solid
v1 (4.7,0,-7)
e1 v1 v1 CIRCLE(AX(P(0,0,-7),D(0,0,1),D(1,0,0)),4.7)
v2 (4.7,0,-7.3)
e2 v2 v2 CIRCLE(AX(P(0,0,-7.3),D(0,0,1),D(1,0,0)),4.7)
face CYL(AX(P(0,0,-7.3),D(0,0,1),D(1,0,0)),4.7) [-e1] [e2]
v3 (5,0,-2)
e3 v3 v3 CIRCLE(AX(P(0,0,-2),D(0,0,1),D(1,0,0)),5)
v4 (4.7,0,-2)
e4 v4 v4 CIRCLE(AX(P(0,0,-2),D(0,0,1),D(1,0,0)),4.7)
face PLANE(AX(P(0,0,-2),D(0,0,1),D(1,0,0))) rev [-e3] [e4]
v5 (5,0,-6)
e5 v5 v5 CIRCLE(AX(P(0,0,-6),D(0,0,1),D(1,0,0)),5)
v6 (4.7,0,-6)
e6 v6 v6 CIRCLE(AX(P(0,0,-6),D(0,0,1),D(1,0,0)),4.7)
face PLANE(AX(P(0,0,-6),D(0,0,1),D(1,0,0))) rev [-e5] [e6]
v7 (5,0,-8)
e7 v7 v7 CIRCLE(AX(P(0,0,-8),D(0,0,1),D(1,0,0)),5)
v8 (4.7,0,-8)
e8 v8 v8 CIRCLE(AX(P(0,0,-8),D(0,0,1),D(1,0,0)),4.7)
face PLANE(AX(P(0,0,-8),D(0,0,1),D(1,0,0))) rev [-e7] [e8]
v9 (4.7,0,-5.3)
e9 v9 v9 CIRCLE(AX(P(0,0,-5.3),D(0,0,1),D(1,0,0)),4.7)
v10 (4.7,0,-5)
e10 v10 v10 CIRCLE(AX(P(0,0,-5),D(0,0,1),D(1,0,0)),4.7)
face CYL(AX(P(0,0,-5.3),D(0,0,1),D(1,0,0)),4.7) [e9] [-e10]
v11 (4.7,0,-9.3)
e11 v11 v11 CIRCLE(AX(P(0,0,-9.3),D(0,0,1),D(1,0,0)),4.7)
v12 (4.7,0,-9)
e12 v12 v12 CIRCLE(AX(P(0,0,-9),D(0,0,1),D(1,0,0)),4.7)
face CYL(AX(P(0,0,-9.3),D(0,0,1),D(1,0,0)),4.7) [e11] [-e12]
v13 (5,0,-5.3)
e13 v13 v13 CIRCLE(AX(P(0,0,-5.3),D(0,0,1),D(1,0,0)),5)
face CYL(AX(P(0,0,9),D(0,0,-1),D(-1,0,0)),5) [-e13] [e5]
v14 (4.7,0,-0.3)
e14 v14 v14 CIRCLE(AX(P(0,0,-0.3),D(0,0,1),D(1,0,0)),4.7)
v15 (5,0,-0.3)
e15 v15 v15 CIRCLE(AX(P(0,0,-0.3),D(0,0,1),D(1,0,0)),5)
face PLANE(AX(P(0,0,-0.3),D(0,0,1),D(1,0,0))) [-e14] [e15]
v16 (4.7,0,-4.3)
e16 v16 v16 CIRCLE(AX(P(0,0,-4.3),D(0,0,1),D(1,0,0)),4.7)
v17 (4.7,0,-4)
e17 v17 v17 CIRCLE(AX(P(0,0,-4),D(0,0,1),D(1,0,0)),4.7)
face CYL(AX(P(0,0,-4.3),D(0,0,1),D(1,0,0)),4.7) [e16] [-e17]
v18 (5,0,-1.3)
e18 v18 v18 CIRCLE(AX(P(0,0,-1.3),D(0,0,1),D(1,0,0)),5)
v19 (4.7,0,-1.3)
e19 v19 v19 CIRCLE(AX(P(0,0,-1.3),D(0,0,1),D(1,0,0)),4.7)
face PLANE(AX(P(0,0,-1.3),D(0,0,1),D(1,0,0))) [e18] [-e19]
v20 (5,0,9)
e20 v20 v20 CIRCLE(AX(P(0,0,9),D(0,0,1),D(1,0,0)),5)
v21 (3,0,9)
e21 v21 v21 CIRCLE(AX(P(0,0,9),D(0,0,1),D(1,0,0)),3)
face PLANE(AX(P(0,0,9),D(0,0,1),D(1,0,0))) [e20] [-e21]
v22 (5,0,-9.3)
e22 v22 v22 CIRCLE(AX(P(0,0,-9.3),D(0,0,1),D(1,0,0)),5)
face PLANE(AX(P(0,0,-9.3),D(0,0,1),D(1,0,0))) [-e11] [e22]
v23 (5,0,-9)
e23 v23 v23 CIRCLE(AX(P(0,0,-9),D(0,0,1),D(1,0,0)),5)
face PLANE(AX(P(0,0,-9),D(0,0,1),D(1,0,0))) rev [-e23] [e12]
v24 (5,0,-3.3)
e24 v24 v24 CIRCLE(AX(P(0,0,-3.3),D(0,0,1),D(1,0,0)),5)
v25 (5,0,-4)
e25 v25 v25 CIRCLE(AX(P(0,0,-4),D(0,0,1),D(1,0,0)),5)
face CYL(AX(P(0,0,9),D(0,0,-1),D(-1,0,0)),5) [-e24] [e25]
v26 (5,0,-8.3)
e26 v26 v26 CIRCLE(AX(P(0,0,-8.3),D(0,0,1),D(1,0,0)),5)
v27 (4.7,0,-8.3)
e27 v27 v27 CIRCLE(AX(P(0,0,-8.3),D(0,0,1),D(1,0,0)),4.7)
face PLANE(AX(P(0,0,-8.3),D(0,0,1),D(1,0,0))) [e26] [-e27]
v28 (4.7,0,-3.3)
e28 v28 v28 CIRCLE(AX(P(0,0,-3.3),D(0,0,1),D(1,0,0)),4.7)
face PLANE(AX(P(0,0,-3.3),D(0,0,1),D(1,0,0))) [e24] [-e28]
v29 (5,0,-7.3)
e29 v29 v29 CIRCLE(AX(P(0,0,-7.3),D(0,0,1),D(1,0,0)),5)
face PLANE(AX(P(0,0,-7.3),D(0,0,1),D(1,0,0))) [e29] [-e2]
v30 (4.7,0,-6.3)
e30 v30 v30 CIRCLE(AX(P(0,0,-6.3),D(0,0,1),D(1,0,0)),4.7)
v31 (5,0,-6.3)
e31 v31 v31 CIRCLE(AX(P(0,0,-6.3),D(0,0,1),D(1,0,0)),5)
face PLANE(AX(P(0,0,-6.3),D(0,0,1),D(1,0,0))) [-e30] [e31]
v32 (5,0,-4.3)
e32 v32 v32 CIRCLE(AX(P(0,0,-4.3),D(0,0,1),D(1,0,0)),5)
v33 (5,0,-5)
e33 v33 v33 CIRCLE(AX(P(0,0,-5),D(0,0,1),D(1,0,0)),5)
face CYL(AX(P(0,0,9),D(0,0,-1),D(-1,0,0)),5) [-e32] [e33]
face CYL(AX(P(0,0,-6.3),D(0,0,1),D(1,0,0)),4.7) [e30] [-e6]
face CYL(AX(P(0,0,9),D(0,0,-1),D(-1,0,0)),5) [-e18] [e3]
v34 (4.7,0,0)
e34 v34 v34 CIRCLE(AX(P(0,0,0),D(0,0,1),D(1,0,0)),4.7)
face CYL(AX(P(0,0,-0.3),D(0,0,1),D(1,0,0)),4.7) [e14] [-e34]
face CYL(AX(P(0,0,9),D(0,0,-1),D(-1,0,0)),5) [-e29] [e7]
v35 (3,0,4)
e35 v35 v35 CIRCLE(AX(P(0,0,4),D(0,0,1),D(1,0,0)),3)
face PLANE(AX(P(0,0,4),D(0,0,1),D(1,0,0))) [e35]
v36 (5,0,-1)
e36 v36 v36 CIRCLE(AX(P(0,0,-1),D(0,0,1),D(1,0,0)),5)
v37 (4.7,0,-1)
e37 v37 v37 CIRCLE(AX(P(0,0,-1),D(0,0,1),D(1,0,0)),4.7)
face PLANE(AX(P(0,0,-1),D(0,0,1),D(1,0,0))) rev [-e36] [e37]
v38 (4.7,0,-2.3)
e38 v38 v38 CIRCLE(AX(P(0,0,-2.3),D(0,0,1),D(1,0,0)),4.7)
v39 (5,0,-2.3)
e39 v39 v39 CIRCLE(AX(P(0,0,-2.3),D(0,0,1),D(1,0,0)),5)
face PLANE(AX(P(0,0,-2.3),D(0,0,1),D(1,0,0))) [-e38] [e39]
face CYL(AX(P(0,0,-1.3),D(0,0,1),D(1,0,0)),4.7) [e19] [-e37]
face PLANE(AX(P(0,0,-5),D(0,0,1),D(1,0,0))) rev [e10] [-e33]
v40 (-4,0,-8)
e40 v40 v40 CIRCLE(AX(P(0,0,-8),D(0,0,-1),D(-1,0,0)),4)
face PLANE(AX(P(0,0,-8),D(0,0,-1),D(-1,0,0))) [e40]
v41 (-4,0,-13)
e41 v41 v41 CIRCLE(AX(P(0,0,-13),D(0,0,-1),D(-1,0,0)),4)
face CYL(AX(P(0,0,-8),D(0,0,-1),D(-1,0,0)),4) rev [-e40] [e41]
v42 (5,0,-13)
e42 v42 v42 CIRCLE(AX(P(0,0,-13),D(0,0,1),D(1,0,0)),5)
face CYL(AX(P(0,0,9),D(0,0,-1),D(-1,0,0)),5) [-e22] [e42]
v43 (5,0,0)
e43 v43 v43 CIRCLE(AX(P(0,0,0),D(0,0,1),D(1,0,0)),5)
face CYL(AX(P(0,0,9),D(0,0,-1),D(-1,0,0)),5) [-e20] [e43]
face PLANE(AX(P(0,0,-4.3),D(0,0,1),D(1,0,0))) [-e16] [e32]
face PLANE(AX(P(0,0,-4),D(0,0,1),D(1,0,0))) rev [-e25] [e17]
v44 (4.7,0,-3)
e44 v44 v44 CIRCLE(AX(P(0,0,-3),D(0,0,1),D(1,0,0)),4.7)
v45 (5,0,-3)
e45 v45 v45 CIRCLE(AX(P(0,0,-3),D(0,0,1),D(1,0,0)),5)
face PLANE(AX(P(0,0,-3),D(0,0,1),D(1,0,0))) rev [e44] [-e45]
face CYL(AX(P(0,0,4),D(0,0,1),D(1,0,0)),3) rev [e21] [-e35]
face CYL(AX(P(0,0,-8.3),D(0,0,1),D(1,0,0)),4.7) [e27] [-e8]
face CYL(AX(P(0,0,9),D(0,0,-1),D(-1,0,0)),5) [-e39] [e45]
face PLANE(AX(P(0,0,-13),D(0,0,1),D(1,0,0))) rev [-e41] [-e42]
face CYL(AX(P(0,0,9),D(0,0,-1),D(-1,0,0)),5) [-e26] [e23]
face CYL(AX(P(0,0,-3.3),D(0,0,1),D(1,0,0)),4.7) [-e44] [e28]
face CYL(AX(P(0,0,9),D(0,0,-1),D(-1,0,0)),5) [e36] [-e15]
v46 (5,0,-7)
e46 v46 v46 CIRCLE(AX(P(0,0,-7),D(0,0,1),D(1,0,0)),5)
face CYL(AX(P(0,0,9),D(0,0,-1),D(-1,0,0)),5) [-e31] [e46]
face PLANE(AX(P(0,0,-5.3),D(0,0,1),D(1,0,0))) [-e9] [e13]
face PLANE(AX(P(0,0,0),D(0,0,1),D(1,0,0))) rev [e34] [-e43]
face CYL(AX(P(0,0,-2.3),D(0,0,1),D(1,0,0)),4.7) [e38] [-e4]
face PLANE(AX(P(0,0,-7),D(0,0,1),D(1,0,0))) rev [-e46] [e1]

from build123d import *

# Parameters (mm, degrees)
SKETCH1_R                = 5
BOSS_EXTRUDE1_DEPTH      = 9
BOSS_EXTRUDE1_DEPTH_BACK = 13
SKETCH2_R                = 3
CUT_EXTRUDE1_DEPTH       = 5
SKETCH3_R                = 4
CUT_EXTRUDE2_DEPTH       = 5
SKETCH5_R                = 5
SKETCH5_R_2              = 4.7
CUT_EXTRUDE3_DEPTH       = 0.3
LPATTERN1_COUNT          = 10
LPATTERN1_PITCH          = 1


with BuildPart() as part:
    # Sketch1 → Boss-Extrude1 (new body, two sides)
    with BuildSketch(Plane.XY) as boss_extrude1_sk:
        Circle(SKETCH1_R)
    extrude(amount=BOSS_EXTRUDE1_DEPTH)
    extrude(boss_extrude1_sk.sketch, amount=-BOSS_EXTRUDE1_DEPTH_BACK)

    # Sketch2 → Cut-Extrude1 (cut)
    with BuildSketch(Plane.XY.offset(9)):
        Circle(SKETCH2_R)
    extrude(amount=-CUT_EXTRUDE1_DEPTH, mode=Mode.SUBTRACT)

    # Sketch3 → Cut-Extrude2 (cut)
    with BuildSketch(Plane(origin=(0, 0, -13), x_dir=(-1, 0, 0), z_dir=(0, 0, -1))):
        Circle(SKETCH3_R)
    extrude(amount=-CUT_EXTRUDE2_DEPTH, mode=Mode.SUBTRACT)

    # Sketch5 → Cut-Extrude3 (cut)
    with BuildSketch(Plane.XY):
        Circle(SKETCH5_R)
        Circle(SKETCH5_R_2, mode=Mode.SUBTRACT)
    cut_extrude3 = extrude(amount=-CUT_EXTRUDE3_DEPTH, mode=Mode.SUBTRACT)

    # LPattern1: Cut-Extrude3 ×10
    with Locations(*[(0, 0, -i * LPATTERN1_PITCH) for i in range(1, LPATTERN1_COUNT)]):
        add(cut_extrude3, mode=Mode.SUBTRACT)


solid = part.part
